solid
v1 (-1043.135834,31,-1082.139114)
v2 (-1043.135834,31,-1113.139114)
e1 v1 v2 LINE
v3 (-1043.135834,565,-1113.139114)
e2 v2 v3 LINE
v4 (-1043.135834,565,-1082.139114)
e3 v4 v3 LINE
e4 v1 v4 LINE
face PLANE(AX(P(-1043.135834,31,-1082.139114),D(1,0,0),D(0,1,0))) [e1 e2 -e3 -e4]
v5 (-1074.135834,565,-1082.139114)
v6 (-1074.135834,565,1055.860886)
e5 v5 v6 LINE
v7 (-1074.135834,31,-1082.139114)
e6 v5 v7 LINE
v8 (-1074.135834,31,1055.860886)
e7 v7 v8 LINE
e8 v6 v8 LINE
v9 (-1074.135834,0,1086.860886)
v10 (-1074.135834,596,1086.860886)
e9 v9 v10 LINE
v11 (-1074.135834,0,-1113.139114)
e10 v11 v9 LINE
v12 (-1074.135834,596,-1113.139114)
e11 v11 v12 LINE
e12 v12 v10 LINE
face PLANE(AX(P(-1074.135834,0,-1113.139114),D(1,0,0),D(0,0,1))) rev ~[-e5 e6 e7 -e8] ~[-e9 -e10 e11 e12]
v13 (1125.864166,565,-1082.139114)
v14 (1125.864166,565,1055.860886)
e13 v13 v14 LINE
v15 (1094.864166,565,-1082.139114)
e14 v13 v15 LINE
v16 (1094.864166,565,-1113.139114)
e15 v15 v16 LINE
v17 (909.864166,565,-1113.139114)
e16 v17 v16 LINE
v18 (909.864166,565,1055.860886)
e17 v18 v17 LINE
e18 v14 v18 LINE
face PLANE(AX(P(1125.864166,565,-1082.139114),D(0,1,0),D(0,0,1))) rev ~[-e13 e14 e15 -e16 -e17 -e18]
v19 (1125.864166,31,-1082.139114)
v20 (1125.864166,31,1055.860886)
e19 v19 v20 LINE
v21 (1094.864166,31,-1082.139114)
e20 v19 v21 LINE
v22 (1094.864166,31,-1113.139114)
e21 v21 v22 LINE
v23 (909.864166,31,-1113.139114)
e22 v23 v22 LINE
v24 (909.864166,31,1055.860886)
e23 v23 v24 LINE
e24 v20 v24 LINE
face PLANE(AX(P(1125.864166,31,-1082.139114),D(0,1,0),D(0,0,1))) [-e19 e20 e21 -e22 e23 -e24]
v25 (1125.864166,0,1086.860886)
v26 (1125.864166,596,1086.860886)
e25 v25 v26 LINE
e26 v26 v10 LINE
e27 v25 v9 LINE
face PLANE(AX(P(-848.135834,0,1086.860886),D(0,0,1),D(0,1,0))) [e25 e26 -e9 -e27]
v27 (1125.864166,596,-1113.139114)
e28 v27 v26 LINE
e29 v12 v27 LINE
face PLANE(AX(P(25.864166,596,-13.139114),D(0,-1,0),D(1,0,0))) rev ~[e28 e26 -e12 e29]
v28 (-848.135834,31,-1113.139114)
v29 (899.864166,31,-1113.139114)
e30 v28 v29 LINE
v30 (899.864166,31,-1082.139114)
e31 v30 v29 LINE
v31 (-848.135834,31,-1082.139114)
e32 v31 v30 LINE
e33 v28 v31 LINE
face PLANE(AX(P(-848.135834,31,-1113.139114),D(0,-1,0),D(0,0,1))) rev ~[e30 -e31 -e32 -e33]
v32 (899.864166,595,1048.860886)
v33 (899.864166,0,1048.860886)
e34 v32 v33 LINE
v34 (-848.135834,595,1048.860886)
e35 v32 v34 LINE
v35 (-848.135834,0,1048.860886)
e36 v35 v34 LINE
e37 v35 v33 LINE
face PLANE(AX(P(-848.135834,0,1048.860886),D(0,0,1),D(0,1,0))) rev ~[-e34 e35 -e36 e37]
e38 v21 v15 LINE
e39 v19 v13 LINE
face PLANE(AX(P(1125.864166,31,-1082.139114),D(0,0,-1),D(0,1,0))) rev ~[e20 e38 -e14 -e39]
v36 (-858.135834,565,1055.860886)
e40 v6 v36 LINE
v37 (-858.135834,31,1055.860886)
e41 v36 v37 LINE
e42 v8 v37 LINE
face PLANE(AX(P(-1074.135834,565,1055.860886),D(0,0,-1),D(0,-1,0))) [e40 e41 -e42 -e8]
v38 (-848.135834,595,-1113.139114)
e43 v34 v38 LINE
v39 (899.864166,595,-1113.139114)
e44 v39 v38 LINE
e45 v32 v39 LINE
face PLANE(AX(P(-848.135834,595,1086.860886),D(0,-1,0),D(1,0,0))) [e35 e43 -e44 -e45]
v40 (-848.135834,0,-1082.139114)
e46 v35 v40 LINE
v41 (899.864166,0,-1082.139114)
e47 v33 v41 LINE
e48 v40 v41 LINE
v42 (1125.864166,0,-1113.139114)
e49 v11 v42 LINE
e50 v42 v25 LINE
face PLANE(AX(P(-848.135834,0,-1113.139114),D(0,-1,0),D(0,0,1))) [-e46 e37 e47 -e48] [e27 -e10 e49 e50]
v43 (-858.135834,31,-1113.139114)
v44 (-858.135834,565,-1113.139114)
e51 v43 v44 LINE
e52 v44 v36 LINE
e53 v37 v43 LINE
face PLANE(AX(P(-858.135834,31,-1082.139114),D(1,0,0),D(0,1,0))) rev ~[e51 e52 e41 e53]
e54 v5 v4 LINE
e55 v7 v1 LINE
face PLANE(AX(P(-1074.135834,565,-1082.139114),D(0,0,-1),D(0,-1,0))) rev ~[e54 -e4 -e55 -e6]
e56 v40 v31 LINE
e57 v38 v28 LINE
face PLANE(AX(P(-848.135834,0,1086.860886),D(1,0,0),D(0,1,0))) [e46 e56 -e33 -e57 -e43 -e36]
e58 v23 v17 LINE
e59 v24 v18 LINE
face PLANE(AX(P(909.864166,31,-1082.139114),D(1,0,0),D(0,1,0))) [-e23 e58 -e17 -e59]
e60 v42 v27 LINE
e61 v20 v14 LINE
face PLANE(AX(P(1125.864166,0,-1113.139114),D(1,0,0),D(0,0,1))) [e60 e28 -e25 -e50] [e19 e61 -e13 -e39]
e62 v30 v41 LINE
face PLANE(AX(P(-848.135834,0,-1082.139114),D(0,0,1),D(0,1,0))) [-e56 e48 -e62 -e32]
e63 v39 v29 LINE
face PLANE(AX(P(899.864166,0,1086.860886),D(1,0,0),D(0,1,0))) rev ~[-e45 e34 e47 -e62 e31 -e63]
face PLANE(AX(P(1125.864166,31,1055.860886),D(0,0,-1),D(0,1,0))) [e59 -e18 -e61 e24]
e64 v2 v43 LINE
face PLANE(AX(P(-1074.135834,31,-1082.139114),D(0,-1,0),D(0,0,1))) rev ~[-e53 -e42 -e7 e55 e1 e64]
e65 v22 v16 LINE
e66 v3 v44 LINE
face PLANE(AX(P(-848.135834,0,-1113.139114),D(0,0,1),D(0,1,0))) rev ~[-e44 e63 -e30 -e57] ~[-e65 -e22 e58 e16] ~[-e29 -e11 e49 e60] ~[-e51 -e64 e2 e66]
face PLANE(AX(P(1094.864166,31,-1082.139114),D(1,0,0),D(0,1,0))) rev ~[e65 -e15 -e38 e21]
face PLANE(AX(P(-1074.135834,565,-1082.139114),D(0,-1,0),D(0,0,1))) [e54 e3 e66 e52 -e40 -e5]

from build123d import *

# Parameters (mm, degrees)
F0_W      = 2200
F0_H      = 2200
F1_DEPTH  = 596
F2_W      = 1748
F2_H      = 595
F3_DEPTH  = 2415.503973
F4_W      = 596
F4_H      = 38
F5_DEPTH  = 1753.233517
F6_W      = 31
F6_H      = 31
F7_DEPTH  = 1759.984374
F8_W      = 534
F8_H      = 2138
F9_DEPTH  = 216
F10_W     = 185
F10_H     = 534
F11_DEPTH = 295.372376
F12_W     = 534
F12_H     = 2138
F13_DEPTH = 216
F14_W     = 185
F14_H     = 534
F15_DEPTH = 871.478731


with BuildPart() as f1:
    # F0 (on Front) → F1 (new body)
    with BuildSketch(Plane.XZ):
        with Locations((25.864166, -13.139114)):
            Rectangle(F0_W, F0_H)
    extrude(amount=-F1_DEPTH)

    # F2 (on face) → F3 (cut)
    with BuildSketch(Plane.XY.offset(1086.860886)):
        with Locations((25.864166, 297.5)):
            Rectangle(F2_W, F2_H)
    extrude(amount=-F3_DEPTH, mode=Mode.SUBTRACT)

    # F4 (on face) → F5 (join)
    with BuildSketch(Plane.YZ.offset(-848.135834)):
        with Locations((298, 1067.860886)):
            Rectangle(F4_W, F4_H)
    extrude(amount=F5_DEPTH)

    # F6 (on face) → F7 (join)
    with BuildSketch(Plane.YZ.offset(-848.135834)):
        with Locations((15.5, -1097.639114)):
            Rectangle(F6_W, F6_H)
    extrude(amount=F7_DEPTH)

    # F8 (on face) → F9 (cut)
    with BuildSketch(Plane.YZ.offset(1125.864166)):
        with Locations((298, -13.139114)):
            Rectangle(F8_W, F8_H)
    extrude(amount=-F9_DEPTH, mode=Mode.SUBTRACT)

    # F10 (on face) → F11 (cut)
    with BuildSketch(Plane.XY.offset(-1082.139114)):
        with Locations((1002.364166, 298)):
            Rectangle(F10_W, F10_H)
    extrude(amount=-F11_DEPTH, mode=Mode.SUBTRACT)

    # F12 (on face) → F13 (cut)
    with BuildSketch(Plane(origin=(-1074.135834, 0, 0), x_dir=(0, -1, 0), z_dir=(-1, 0, 0))):
        with Locations((-298, -13.139114)):
            Rectangle(F12_W, F12_H)
    extrude(amount=-F13_DEPTH, mode=Mode.SUBTRACT)

    # F14 (on face) → F15 (cut)
    with BuildSketch(Plane.XY.offset(-1082.139114)):
        with Locations((-950.635834, 298)):
            Rectangle(F14_W, F14_H)
    extrude(amount=-F15_DEPTH, mode=Mode.SUBTRACT)


solid = f1.part
